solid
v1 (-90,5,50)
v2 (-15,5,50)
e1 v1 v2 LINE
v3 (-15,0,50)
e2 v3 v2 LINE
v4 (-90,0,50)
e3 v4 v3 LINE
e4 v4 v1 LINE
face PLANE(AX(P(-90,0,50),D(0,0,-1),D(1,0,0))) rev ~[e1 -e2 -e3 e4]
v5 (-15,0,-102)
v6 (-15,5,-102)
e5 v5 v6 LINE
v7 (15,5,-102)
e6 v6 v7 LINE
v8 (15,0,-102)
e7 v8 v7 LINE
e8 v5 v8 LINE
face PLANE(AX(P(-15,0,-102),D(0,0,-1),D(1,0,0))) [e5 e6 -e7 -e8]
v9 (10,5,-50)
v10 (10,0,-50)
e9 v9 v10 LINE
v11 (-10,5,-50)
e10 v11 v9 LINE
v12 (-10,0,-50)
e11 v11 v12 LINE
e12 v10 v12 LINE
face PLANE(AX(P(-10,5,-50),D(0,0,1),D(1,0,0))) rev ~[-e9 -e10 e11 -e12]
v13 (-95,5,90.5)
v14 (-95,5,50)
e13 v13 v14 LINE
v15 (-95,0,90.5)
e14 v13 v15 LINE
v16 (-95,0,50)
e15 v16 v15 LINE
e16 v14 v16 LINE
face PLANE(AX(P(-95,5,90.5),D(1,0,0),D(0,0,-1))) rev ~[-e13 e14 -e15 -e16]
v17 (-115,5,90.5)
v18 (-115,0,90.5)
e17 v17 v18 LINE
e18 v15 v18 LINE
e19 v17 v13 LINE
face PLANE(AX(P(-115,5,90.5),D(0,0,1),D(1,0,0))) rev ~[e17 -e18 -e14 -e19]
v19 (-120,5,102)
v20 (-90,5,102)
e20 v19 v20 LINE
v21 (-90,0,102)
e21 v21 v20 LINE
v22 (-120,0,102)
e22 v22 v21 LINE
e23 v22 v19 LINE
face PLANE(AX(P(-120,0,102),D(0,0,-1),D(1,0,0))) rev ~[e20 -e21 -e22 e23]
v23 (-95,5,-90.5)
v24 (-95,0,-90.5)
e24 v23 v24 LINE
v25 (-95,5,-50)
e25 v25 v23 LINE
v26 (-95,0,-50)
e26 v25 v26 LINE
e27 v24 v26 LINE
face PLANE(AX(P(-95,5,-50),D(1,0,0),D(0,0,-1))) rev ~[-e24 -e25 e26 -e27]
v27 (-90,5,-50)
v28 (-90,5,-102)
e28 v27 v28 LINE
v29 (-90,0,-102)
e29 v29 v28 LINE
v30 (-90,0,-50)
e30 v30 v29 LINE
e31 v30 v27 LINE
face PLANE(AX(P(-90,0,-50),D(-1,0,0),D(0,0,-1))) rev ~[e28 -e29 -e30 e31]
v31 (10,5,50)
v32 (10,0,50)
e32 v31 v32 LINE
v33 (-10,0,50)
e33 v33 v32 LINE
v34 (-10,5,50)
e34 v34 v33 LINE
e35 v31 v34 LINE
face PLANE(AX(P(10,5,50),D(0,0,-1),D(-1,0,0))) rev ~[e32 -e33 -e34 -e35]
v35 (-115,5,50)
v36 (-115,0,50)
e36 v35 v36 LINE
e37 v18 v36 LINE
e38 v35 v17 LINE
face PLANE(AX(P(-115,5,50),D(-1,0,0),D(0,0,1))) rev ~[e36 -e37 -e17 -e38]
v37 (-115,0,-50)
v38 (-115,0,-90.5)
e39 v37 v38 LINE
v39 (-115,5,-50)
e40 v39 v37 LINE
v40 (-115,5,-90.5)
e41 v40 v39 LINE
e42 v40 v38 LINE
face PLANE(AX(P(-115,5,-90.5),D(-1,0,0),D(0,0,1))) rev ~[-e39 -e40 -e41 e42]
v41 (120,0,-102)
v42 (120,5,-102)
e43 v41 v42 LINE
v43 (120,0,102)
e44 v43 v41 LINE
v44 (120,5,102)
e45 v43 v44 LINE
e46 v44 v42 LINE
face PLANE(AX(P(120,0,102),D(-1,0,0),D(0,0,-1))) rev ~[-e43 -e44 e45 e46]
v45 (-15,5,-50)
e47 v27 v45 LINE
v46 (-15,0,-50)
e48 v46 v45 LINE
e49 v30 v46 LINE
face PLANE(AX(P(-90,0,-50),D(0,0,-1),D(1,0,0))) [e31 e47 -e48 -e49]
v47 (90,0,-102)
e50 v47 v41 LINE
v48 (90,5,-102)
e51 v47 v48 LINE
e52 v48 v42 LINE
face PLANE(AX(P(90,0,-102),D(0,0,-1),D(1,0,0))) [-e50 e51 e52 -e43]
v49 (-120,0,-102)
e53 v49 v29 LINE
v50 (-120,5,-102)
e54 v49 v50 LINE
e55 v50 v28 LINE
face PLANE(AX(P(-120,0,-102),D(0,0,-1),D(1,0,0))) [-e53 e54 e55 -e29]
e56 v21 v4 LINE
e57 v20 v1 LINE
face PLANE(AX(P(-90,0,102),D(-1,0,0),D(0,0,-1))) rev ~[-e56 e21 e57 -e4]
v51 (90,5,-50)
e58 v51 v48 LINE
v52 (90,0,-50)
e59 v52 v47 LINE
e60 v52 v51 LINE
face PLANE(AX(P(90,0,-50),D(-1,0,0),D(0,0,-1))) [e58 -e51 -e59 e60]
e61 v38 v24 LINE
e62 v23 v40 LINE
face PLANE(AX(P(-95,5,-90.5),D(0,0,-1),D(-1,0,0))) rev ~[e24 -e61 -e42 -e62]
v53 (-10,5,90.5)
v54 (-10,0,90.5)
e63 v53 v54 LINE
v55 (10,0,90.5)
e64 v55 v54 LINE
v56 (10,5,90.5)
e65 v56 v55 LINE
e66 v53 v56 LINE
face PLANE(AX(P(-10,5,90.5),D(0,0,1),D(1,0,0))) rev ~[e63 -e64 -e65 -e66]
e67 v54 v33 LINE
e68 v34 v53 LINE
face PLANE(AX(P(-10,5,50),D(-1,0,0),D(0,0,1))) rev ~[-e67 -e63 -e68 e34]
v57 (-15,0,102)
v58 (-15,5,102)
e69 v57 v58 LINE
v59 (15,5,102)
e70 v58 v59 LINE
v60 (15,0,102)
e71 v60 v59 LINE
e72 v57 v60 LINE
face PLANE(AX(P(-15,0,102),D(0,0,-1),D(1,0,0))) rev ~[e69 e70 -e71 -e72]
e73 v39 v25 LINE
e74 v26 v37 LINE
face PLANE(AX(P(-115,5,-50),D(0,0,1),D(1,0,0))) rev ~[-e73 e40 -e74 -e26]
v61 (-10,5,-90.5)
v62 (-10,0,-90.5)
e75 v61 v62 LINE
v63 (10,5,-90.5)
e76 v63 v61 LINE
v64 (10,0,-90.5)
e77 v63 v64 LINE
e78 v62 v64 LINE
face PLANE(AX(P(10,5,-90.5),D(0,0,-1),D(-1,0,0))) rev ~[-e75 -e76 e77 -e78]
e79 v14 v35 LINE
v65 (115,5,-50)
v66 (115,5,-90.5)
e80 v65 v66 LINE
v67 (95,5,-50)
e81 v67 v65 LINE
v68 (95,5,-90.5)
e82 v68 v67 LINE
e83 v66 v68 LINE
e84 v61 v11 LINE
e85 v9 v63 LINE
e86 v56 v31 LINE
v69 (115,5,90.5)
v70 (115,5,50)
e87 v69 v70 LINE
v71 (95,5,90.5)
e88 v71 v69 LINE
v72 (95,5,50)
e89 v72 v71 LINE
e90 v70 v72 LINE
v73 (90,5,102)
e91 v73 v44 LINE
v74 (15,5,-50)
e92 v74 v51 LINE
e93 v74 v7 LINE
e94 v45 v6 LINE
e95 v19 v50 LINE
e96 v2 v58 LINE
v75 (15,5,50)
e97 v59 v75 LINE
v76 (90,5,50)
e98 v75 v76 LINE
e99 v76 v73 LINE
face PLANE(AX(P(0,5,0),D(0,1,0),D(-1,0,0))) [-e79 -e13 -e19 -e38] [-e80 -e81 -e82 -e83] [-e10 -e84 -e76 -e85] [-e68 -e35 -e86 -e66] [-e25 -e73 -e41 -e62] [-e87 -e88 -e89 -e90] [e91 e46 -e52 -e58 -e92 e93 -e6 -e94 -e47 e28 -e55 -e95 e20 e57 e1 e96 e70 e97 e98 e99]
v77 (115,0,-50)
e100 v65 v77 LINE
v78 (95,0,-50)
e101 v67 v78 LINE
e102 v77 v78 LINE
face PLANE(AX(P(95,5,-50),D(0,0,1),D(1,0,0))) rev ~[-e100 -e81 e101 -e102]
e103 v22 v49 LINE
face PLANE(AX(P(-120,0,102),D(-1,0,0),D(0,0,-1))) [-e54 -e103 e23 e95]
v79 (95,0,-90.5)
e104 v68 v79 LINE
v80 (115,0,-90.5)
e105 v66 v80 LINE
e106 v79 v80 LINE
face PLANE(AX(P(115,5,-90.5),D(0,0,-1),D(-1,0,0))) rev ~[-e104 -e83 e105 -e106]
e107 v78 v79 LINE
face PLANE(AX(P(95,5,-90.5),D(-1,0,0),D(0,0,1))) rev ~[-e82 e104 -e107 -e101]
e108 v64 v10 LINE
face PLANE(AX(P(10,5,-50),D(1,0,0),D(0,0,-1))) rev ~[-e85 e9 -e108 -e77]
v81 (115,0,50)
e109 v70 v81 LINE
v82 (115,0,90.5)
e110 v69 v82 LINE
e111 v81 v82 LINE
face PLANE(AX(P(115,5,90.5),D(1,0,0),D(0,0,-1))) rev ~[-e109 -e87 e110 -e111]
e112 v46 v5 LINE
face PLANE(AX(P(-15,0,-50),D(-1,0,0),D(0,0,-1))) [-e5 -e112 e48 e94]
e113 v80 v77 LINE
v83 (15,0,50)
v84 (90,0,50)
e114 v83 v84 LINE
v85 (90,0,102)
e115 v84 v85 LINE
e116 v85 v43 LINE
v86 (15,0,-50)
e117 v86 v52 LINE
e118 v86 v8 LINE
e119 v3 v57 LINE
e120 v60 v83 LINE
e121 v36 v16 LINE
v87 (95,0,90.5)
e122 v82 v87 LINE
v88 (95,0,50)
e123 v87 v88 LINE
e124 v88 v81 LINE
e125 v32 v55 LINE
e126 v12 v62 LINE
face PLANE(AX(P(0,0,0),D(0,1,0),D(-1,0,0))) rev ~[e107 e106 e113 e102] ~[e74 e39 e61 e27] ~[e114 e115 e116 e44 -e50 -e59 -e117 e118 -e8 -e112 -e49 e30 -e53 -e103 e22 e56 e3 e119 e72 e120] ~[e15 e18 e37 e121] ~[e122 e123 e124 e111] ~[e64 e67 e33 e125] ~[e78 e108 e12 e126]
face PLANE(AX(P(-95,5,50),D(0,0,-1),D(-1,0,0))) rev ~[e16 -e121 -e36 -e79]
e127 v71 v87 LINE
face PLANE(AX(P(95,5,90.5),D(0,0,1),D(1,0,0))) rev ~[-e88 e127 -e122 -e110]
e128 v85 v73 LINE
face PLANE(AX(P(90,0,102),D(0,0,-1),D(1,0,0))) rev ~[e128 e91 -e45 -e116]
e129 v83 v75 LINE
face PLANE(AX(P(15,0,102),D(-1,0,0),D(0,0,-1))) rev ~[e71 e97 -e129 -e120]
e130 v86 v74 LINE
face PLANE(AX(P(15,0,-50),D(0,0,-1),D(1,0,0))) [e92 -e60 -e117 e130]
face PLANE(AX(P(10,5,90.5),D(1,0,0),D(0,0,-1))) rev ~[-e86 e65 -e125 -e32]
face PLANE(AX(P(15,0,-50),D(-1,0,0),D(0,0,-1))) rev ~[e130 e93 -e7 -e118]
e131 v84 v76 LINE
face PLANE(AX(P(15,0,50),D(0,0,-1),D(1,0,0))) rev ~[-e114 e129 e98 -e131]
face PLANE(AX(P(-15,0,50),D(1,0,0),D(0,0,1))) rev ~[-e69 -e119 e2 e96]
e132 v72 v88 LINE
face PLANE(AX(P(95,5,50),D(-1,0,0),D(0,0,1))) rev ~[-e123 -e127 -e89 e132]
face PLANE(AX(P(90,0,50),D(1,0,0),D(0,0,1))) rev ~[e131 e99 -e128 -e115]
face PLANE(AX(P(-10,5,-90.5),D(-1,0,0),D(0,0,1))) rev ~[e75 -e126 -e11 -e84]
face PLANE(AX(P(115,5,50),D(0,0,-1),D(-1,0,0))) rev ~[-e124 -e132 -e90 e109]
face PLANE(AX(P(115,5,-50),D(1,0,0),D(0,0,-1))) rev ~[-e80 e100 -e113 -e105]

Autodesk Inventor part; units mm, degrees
ref_plane "YZ Plane" through (0, 0, 0) normal (1, 0, 0) x (0, 1, 0)
ref_plane "XZ Plane" through (0, 0, 0) normal (0, 1, 0) x (-1, 0, 0)
ref_plane "XY Plane" through (0, 0, 0) normal (0, 0, 1) x (1, 0, 0)
sketch "Sketch1" plane through (0, 0, 0) normal (0, 1, 0) x (-1, 0, 0)
  line L0 (120, 102) -> (90, 102)
  line L1 (120, -102) -> (90, -102)
  line L2 (120, 102) -> (120, -102)
  line L3 (90, 102) -> (90, 50)
  line L4 (90, -50) -> (90, -102)
  line L5 (90, 50) -> (15, 50)
  line L6 (90, -50) -> (15, -50)
  line L7 (15, 50) -> (15, 102)
  line L8 (15, -50) -> (15, -102)
  line L9 (15, 102) -> (-15, 102)
  line L10 (15, -102) -> (-15, -102)
  line L11 (-15, 102) -> (-15, 50)
  line L12 (-15, -50) -> (-15, -102)
  line L13 (-15, 50) -> (-90, 50)
  line L14 (-15, -50) -> (-90, -50)
  line L15 (-90, 50) -> (-90, 102)
  line L16 (-90, -50) -> (-90, -102)
  line L17 (-90, 102) -> (-120, 102)
  line L18 (-90, -102) -> (-120, -102)
  line L19 (-120, 102) -> (-120, -102)
  line L20 (120, 0) -> (-120, 0) construction
  line L21 (0, 102) -> (0, -102) construction
  point P0 (0, 0)
  point P1 (0, 0)
  dimension "d0" = 204
  dimension "d1" = 30
  dimension "d3" = 75
  dimension "d4" = 52
  dimension "d5" = 100
extrude "Extrusion1" add sketch "Sketch1" along normal blind 5
sketch "Sketch2" plane through (0, 5, 0) normal (0, 1, 0) x (1, 0, 0)
  line L0 (-115, -90.5) -> (-95, -90.5)
  line L1 (-95, -90.5) -> (-95, -50)
  line L2 (-95, -50) -> (-115, -50)
  line L3 (-115, -50) -> (-115, -90.5)
  line L4 (-120, -102) -> (-90, -102) projected
  line L5 (-120, 102) -> (-120, -102) projected
  line L6 (-90, -102) -> (-90, -50) projected
  line L7 (-10, -90.5) -> (10, -90.5)
  line L8 (10, -90.5) -> (10, -50)
  line L9 (10, -50) -> (-10, -50)
  line L10 (-10, -50) -> (-10, -90.5)
  line L11 (95, -90.5) -> (115, -90.5)
  line L12 (115, -90.5) -> (115, -50)
  line L13 (115, -50) -> (95, -50)
  line L14 (95, -50) -> (95, -90.5)
  line L15 (-15, -50) -> (-15, -102) projected
  line L16 (90, -50) -> (90, -102) projected
  line L17 (-115, 50) -> (-95, 50)
  line L18 (-95, 50) -> (-95, 90.5)
  line L19 (-95, 90.5) -> (-115, 90.5)
  line L20 (-115, 90.5) -> (-115, 50)
  line L21 (-10, 50) -> (10, 50)
  line L22 (10, 50) -> (10, 90.5)
  line L23 (10, 90.5) -> (-10, 90.5)
  line L24 (-10, 90.5) -> (-10, 50)
  line L25 (95, 50) -> (115, 50)
  line L26 (115, 50) -> (115, 90.5)
  line L27 (115, 90.5) -> (95, 90.5)
  line L28 (95, 90.5) -> (95, 50)
  line L29 (-90, 102) -> (-120, 102) projected
  line L30 (-90, 50) -> (-90, 102) projected
  line L31 (-15, 102) -> (-15, 50) projected
  line L32 (90, 102) -> (90, 50) projected
  point P0 (0, 0)
  point P1 (-105, 50)
  point P2 (0, 50)
  point P3 (105, 50)
  point P4 (105, 90.5)
  point P5 (0, 90.5)
  point P6 (-105, 90.5)
  dimension "d8" = 11.5
  dimension "d9" = 5
  dimension "d10" = 5
  dimension "d11" = 40.5
  dimension "d12" = 5
  dimension "d13" = 5
  dimension "d14" = 5
  dimension "d15" = 11.5
  dimension "d16" = 5
  dimension "d17" = 40.5
  dimension "d18" = 5
  dimension "d19" = 5
extrude "Extrusion2" cut sketch "Sketch2" against normal up to next
equation "\"d1\" = s_depth + 2 * b_mat_thickness"
equation "\"d3\" = b_leg_space"
equation "\"d4\" = s_land + s_width + b_mat_thickness"
equation "\"d5\" = b_core_width"
equation "\"d6\" = b_mat_thickness"
equation "\"d8\" = b_mat_thickness + s_land"
equation "\"d9\" = b_mat_thickness"
equation "\"d10\" = b_mat_thickness"
equation "\"d11\" = s_width"
equation "\"d12\" = b_mat_thickness"
equation "\"d13\" = b_mat_thickness"
equation "\"d14\" = b_mat_thickness"
equation "\"d15\" = d8"
equation "\"d16\" = b_mat_thickness"
equation "\"d17\" = s_width"
equation "\"d18\" = b_mat_thickness"
equation "\"d19\" = b_mat_thickness"
equation "\"d20\" = 0.5 * b_mat_thickness"
equation "\"s_depth\" = 20"
equation "\"b_mat_thickness\" = 5"
equation "\"b_leg_space\" = 75"
equation "\"s_land\" = 6.5"
equation "\"s_width\" = 40.5"
equation "\"b_core_width\" = 100"
properties part number "Body_bottom"
